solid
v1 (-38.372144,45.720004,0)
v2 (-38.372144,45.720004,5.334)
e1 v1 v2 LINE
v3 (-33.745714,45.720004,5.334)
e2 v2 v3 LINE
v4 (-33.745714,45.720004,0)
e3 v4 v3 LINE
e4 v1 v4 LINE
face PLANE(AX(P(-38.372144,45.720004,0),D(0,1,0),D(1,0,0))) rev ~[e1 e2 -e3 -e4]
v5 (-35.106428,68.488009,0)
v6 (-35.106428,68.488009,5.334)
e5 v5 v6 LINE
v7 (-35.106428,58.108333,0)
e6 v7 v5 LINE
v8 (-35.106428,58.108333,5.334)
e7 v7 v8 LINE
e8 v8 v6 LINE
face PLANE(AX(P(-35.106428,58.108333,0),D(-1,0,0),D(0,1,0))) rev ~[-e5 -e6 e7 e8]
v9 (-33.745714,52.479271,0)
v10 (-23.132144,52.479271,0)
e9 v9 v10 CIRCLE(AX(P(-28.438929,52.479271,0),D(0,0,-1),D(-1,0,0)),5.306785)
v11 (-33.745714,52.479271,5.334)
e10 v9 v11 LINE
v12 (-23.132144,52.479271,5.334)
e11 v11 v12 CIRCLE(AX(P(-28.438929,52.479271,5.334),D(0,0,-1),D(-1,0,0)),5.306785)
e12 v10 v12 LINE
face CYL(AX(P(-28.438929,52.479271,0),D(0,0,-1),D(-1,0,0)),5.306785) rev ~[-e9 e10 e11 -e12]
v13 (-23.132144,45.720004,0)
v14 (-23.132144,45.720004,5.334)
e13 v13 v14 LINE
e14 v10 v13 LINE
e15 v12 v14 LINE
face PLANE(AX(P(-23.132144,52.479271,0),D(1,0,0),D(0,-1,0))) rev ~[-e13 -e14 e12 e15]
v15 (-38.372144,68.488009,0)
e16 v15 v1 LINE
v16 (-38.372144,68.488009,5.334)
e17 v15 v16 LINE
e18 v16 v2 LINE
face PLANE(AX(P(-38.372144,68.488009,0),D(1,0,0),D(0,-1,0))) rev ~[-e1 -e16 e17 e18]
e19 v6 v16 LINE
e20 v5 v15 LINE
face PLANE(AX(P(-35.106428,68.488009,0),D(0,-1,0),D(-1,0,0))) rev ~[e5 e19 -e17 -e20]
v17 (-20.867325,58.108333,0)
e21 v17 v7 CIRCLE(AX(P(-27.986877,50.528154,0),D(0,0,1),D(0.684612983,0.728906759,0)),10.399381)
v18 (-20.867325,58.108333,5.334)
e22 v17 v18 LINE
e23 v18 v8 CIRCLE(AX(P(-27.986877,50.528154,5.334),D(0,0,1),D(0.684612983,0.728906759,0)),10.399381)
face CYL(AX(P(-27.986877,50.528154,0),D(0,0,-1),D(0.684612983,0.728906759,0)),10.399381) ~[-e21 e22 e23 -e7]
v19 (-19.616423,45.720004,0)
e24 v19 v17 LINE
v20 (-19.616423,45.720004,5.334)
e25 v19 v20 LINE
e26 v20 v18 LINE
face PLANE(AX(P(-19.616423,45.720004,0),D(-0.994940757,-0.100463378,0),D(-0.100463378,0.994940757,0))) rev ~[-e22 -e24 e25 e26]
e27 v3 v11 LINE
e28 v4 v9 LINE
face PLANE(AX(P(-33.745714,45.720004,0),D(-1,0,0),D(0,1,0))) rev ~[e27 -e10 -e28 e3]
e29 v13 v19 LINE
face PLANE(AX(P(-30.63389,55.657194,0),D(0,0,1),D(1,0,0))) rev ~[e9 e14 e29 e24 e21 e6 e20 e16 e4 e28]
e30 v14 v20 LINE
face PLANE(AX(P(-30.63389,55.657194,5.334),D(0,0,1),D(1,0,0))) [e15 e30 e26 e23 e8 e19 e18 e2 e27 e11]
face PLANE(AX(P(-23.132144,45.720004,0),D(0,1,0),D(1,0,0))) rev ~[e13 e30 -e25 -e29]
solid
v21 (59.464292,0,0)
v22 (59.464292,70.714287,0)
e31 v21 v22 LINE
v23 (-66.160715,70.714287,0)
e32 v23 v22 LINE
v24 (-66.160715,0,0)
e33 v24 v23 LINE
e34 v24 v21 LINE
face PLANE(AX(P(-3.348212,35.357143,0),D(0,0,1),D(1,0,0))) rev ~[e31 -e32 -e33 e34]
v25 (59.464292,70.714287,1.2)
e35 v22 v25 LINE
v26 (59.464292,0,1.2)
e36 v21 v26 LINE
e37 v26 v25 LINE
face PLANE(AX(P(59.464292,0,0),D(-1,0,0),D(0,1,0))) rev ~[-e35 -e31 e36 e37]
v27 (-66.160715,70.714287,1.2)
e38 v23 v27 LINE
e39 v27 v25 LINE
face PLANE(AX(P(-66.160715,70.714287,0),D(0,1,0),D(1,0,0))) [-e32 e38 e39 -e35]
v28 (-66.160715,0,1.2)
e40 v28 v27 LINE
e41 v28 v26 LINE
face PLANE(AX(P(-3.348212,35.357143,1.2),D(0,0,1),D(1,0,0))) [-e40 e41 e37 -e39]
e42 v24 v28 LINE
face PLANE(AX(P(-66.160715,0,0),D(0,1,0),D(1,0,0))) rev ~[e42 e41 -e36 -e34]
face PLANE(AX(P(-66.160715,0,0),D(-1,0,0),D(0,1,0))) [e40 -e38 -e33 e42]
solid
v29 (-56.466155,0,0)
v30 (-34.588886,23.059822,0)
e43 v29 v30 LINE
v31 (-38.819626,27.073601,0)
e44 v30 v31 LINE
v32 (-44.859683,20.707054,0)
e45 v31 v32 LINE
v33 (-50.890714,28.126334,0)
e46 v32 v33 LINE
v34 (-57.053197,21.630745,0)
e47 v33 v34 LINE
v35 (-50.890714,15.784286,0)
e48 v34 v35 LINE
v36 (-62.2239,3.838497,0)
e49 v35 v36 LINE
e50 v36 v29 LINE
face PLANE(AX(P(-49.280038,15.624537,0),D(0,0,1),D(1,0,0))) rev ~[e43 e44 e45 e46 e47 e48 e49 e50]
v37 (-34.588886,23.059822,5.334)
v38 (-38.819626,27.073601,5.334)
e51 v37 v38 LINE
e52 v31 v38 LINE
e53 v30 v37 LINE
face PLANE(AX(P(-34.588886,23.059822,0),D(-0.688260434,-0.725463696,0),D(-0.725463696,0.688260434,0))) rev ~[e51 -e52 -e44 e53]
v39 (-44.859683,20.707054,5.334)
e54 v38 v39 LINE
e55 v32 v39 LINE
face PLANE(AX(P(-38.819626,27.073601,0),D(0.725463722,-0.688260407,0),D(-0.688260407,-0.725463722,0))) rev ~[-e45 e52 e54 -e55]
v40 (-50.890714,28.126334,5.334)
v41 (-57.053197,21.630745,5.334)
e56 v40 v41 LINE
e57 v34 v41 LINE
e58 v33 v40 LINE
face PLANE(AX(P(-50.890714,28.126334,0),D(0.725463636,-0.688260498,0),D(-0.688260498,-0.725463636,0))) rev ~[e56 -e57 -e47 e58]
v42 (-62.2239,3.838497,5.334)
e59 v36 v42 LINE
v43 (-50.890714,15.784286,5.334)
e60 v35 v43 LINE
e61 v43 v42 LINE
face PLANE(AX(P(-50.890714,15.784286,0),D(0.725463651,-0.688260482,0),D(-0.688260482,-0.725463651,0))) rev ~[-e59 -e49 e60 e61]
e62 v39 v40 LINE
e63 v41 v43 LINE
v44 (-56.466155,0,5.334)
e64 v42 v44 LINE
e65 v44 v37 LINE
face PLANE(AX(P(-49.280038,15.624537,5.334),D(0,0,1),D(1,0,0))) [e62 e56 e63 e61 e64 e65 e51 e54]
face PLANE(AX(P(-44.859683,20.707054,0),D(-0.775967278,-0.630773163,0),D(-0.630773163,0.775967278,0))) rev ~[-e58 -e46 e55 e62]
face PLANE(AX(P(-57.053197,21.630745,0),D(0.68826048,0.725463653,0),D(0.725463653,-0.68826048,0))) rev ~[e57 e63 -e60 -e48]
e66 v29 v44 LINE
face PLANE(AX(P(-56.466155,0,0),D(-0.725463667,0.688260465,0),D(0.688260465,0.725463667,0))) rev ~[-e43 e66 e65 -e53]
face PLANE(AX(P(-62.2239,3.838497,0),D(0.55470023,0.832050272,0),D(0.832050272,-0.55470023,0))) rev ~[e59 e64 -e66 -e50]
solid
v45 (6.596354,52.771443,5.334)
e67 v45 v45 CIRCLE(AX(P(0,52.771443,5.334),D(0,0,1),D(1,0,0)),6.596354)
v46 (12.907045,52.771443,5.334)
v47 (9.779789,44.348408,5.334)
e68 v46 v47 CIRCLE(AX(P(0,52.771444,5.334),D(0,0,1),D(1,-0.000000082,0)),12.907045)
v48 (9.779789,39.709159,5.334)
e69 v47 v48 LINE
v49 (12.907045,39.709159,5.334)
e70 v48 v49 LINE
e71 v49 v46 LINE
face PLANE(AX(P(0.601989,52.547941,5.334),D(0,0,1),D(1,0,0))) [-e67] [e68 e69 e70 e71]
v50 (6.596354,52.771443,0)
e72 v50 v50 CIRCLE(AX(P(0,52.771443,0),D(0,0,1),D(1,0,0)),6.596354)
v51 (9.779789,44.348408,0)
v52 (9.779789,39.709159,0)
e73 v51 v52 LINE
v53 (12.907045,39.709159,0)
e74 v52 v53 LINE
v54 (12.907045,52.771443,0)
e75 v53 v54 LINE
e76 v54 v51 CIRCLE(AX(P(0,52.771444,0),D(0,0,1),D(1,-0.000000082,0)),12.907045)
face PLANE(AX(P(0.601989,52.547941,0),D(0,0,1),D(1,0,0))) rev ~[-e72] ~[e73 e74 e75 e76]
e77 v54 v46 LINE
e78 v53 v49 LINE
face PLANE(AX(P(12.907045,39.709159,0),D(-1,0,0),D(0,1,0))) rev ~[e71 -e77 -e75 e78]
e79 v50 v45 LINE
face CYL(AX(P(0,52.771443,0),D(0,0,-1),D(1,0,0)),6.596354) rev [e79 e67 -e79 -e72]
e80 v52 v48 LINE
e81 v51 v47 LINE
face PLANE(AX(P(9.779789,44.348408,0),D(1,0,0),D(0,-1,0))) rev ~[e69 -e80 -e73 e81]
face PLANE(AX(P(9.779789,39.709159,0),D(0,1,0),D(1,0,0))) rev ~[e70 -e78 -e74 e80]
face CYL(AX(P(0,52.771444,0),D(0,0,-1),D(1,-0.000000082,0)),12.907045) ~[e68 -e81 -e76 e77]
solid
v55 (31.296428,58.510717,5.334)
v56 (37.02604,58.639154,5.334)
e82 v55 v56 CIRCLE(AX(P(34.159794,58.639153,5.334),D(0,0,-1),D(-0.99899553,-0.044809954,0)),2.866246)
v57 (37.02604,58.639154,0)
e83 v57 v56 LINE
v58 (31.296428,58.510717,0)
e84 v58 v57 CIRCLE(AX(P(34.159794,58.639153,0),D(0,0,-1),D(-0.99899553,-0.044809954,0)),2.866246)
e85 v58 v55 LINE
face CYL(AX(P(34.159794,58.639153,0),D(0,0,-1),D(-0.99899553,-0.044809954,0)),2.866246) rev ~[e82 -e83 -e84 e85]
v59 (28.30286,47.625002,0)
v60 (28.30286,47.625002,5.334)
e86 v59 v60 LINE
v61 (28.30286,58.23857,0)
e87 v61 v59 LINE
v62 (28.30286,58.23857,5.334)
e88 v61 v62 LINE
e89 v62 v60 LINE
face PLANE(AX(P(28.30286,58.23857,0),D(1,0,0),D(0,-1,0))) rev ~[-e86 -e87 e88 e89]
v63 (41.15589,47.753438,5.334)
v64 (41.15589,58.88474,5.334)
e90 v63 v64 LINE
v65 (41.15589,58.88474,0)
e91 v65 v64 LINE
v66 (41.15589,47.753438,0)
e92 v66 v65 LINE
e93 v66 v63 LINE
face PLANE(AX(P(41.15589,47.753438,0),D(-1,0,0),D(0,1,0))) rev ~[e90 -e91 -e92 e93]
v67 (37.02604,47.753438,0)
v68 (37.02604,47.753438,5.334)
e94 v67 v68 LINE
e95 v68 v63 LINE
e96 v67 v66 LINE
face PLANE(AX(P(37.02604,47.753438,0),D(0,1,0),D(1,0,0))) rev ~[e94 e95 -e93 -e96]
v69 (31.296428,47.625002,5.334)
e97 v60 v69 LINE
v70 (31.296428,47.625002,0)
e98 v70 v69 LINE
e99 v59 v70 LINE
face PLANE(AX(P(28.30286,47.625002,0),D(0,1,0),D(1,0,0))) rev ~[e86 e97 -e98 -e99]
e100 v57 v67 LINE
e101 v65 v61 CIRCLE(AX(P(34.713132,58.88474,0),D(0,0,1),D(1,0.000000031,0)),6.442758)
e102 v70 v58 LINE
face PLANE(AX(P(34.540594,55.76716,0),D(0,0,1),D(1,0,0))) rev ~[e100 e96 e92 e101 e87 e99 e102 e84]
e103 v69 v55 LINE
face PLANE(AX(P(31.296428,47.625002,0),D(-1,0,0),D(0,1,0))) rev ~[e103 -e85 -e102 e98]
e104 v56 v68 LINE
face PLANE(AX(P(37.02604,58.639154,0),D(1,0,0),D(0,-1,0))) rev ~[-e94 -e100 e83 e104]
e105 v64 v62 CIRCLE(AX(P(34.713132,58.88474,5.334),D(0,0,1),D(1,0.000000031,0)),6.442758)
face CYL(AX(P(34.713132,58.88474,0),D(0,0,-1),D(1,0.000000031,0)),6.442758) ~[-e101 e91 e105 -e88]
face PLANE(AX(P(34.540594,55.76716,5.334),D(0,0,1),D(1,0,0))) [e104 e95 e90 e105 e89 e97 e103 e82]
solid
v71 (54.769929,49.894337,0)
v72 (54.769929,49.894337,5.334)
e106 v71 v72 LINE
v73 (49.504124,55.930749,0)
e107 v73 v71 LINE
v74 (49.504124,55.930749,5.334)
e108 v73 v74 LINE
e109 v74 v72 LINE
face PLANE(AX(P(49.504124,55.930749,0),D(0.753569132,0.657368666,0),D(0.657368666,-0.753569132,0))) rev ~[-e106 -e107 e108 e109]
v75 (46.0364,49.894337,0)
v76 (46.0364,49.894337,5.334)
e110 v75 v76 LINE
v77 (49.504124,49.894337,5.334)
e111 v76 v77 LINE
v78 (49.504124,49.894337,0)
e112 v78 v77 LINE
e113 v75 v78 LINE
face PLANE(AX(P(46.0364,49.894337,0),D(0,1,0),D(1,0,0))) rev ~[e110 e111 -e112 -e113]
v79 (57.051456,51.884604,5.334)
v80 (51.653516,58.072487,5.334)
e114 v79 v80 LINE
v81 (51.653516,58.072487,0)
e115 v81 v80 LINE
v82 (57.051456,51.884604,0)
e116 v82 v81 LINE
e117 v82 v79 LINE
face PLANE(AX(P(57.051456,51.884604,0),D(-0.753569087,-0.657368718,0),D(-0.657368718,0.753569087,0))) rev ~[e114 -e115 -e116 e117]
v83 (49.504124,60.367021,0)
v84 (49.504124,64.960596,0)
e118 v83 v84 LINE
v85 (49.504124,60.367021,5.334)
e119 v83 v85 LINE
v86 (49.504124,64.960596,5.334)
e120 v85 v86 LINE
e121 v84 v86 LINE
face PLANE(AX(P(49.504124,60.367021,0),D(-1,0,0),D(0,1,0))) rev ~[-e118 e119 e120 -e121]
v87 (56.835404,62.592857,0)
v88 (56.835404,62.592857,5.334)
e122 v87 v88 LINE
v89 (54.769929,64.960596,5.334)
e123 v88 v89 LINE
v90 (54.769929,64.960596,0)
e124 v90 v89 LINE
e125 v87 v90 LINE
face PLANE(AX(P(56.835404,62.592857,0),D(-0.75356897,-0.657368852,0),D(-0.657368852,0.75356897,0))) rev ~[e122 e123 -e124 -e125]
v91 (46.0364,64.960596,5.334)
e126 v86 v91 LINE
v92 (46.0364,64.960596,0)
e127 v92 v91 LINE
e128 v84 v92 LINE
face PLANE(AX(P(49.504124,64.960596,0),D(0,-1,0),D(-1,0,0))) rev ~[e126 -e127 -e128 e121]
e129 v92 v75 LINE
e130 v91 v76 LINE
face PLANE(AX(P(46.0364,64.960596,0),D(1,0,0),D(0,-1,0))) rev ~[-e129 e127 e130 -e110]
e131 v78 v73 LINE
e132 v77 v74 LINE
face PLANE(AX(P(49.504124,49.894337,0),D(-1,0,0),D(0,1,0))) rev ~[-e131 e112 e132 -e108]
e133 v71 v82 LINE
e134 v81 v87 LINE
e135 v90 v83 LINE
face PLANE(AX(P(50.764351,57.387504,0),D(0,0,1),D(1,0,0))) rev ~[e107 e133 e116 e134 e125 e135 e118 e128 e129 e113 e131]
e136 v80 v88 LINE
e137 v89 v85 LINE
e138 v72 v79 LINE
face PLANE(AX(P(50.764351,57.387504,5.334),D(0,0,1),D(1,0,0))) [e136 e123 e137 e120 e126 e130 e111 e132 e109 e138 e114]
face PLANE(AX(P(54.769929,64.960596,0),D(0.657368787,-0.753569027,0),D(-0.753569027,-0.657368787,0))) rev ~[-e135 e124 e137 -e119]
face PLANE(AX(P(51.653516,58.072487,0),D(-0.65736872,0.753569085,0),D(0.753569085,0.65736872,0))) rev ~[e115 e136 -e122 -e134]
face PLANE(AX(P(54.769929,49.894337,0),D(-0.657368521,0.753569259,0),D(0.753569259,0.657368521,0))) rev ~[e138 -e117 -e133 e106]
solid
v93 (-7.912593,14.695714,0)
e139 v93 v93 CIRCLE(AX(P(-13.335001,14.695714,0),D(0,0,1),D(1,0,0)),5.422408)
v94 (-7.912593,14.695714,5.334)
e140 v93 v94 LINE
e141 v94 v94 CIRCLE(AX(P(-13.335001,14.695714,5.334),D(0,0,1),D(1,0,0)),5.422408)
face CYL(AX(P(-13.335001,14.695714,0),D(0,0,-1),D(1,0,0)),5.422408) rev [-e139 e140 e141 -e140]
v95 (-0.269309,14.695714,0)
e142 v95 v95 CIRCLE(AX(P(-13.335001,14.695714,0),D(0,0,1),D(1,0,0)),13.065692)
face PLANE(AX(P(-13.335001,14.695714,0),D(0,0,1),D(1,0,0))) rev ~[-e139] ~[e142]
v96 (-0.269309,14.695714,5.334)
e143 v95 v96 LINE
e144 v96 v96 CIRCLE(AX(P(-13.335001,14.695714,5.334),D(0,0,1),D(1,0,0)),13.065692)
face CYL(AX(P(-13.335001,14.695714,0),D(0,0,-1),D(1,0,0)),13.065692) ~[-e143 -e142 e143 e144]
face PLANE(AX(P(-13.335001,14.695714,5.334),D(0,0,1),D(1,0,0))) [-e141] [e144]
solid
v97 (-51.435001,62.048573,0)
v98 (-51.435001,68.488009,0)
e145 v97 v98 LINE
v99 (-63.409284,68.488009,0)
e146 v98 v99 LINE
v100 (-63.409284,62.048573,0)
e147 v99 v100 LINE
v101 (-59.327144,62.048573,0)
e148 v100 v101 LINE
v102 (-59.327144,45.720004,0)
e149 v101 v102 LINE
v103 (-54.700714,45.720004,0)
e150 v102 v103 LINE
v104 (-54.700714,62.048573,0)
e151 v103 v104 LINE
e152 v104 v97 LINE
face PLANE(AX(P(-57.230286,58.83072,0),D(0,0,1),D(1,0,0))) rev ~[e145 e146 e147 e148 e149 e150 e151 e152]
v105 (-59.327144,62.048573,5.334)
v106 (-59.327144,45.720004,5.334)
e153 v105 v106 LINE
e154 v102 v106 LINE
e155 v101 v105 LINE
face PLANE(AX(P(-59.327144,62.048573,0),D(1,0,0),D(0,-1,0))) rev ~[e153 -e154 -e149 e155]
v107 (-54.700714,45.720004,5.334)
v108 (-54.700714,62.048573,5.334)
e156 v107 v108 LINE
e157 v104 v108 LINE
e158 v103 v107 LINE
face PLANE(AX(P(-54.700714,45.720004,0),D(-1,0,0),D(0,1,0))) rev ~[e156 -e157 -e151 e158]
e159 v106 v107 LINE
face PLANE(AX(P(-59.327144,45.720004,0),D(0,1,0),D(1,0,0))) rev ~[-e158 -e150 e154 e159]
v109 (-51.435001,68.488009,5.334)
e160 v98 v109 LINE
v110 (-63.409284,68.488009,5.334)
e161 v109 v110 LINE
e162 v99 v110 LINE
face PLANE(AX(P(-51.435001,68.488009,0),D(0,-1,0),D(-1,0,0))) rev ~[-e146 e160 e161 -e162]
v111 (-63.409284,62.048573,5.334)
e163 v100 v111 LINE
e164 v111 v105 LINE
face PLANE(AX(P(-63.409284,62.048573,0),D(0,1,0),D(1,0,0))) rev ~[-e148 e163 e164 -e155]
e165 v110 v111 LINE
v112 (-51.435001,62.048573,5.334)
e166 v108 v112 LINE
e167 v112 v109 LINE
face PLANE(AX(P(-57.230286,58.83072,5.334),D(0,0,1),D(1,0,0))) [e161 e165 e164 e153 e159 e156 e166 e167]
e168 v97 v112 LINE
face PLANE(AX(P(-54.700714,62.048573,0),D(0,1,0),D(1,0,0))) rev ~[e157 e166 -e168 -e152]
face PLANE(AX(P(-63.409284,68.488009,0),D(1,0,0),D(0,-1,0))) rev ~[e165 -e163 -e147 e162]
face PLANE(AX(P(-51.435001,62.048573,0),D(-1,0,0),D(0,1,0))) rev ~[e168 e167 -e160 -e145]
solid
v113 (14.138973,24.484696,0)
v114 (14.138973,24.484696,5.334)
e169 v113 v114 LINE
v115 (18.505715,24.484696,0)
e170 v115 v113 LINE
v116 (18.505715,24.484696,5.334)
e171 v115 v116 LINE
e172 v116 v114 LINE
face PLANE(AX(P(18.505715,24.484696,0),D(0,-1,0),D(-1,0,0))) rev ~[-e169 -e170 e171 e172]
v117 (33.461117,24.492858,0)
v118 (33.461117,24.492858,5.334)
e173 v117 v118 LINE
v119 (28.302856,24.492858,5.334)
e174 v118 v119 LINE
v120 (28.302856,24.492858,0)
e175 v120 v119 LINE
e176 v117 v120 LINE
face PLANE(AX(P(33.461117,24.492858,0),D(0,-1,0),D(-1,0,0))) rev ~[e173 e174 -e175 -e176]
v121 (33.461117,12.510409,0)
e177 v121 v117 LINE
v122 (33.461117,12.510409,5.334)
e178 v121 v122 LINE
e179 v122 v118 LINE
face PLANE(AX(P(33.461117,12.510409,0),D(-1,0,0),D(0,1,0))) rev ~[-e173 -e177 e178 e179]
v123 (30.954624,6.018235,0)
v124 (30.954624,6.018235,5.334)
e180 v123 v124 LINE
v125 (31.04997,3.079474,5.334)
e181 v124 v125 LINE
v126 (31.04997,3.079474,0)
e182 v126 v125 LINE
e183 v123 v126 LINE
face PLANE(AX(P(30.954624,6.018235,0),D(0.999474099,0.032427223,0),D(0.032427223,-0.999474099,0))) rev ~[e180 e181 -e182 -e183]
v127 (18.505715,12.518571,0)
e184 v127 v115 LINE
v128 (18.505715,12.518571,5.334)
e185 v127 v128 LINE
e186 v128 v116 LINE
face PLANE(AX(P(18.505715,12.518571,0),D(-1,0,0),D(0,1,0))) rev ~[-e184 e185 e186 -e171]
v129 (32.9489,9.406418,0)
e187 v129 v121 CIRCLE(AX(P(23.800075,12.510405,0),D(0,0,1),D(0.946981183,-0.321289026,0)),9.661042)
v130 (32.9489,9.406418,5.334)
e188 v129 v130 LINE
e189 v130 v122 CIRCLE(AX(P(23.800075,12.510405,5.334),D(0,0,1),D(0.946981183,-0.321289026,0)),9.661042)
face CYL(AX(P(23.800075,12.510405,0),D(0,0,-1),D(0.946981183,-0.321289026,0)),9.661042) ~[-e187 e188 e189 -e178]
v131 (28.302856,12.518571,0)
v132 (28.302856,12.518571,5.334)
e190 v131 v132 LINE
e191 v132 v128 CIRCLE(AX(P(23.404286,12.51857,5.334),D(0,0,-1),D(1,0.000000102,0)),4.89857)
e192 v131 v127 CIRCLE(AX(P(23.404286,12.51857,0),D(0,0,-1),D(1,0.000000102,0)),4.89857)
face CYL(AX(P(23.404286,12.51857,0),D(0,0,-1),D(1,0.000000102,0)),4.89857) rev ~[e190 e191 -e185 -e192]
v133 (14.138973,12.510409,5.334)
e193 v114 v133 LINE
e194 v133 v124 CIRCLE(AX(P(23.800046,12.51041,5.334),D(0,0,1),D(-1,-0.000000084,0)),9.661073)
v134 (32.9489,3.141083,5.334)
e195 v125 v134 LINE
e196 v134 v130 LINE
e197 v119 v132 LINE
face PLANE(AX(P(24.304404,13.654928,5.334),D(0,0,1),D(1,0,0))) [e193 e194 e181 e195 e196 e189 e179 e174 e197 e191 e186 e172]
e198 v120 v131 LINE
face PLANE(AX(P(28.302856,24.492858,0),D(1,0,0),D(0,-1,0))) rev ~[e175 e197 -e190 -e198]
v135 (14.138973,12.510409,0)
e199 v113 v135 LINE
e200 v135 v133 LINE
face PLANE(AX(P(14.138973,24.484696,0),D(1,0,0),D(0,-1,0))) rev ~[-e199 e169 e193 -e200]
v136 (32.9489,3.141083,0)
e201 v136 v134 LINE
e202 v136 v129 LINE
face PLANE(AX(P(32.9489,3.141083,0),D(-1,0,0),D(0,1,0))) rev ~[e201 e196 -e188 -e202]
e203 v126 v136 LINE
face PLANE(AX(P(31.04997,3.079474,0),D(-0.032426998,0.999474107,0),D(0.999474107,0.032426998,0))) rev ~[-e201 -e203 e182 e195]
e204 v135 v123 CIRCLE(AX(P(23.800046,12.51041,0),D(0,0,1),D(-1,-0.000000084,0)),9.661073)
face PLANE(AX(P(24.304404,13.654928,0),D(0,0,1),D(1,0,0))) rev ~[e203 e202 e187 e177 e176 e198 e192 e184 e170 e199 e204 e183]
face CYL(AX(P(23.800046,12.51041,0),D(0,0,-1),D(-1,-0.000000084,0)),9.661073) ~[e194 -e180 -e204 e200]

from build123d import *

# Parameters (mm, degrees)
F0_R     = 13.065692
F0_R_2   = 5.422408
F0_R_3   = 6.596354
F1_DEPTH = 5.334
F2_W     = 125.625007
F2_H     = 70.714287
F3_DEPTH = 1.2


with BuildPart() as f1:
    # F0 (on Top) → F1 (new body)
    with BuildSketch(Plane.XY):
        Polygon((-51.435001, 68.488009), (-63.409284, 68.488009), (-63.409284, 62.048573), (-59.327144, 62.048573), (-59.327144, 45.720004), (-54.700714, 45.720004), (-54.700714, 62.048573), (-51.435001, 62.048573), align=None)
        with BuildLine():
            Line((-35.106428, 68.488009), (-38.372144, 68.488009))
            Line((-38.372144, 68.488009), (-38.372144, 45.720004))
            Line((-38.372144, 45.720004), (-33.745714, 45.720004))
            Line((-33.745714, 45.720004), (-33.745714, 52.479271))
            ThreePointArc((-33.745714, 52.479271), (-28.438929, 57.786056), (-23.132144, 52.479271))
            Line((-23.132144, 52.479271), (-23.132144, 45.720004))
            Line((-23.132144, 45.720004), (-19.616423, 45.720004))
            Line((-19.616423, 45.720004), (-20.867325, 58.108333))
            ThreePointArc((-20.867325, 58.108333), (-27.986877, 60.927535), (-35.106428, 58.108333))
            Line((-35.106428, 58.108333), (-35.106428, 68.488009))
        make_face()
        with BuildLine():
            ThreePointArc((41.15589, 58.88474), (34.389639, 65.319371), (28.30286, 58.23857))
            Line((28.30286, 58.23857), (28.30286, 47.625002))
            Line((28.30286, 47.625002), (31.296428, 47.625002))
            Line((31.296428, 47.625002), (31.296428, 58.510717))
            ThreePointArc((31.296428, 58.510717), (34.09556, 61.504679), (37.02604, 58.639154))
            Line((37.02604, 58.639154), (37.02604, 47.753438))
            Line((37.02604, 47.753438), (41.15589, 47.753438))
            Line((41.15589, 47.753438), (41.15589, 58.88474))
        make_face()
        Polygon((46.0364, 64.960596), (46.0364, 64.150549), (46.0364, 49.894337), (49.504124, 49.894337), (49.504124, 55.930749), (54.769929, 49.894337), (57.051456, 51.884604), (51.653516, 58.072487), (56.835404, 62.592857), (54.769929, 64.960596), (49.504124, 60.367021), (49.504124, 64.960596), align=None)
        with BuildLine():
            Line((18.505715, 12.518571), (18.505715, 24.484696))
            Line((18.505715, 24.484696), (14.138973, 24.484696))
            Line((14.138973, 24.484696), (14.138973, 12.510409))
            ThreePointArc((14.138973, 12.510409), (20.320432, 3.497718), (30.954624, 6.018235))
            Line((30.954624, 6.018235), (31.04997, 3.079474))
            Line((31.04997, 3.079474), (32.9489, 3.141083))
            Line((32.9489, 3.141083), (32.9489, 9.406418))
            ThreePointArc((32.9489, 9.406418), (33.332203, 10.937424), (33.461117, 12.510409))
            Line((33.461117, 12.510409), (33.461117, 24.492858))
            Line((33.461117, 24.492858), (28.302856, 24.492858))
            Line((28.302856, 24.492858), (28.302856, 12.518571))
            ThreePointArc((28.302856, 12.518571), (23.404285, 7.62), (18.505715, 12.518571))
        make_face()
        Polygon((-62.2239, 3.838497), (-56.466155, 0), (-34.588886, 23.059822), (-38.819626, 27.073601), (-44.859683, 20.707054), (-50.890714, 28.126334), (-57.053197, 21.630745), (-50.890714, 15.784286), align=None)
        with Locations((-13.335001, 14.695714)):
            Circle(F0_R)
        with Locations((-13.335001, 14.695714)):
            Circle(F0_R_2, mode=Mode.SUBTRACT)
        with BuildLine():
            ThreePointArc((9.779789, 44.348408), (12.1, 48.279026), (12.907045, 52.771443))
            ThreePointArc((12.907045, 52.771443), (-12.1, 57.26386), (9.779789, 44.348408))
        make_face()
        with Locations((0, 52.771443)):
            Circle(F0_R_3, mode=Mode.SUBTRACT)
        with BuildLine():
            Line((12.907045, 39.709159), (12.907045, 52.771443))
            ThreePointArc((12.907045, 52.771443), (12.1, 48.279026), (9.779789, 44.348408))
            Line((9.779789, 44.348408), (9.779789, 39.709159))
            Line((9.779789, 39.709159), (12.907045, 39.709159))
        make_face()
    extrude(amount=F1_DEPTH)


with BuildPart() as f3:
    # F2 (on Top) → F3 (new body)
    with BuildSketch(Plane.XY):
        with Locations((-3.348212, 35.357143)):
            Rectangle(F2_W, F2_H)
    extrude(amount=F3_DEPTH)


solid = Compound([f1.part, f3.part])
